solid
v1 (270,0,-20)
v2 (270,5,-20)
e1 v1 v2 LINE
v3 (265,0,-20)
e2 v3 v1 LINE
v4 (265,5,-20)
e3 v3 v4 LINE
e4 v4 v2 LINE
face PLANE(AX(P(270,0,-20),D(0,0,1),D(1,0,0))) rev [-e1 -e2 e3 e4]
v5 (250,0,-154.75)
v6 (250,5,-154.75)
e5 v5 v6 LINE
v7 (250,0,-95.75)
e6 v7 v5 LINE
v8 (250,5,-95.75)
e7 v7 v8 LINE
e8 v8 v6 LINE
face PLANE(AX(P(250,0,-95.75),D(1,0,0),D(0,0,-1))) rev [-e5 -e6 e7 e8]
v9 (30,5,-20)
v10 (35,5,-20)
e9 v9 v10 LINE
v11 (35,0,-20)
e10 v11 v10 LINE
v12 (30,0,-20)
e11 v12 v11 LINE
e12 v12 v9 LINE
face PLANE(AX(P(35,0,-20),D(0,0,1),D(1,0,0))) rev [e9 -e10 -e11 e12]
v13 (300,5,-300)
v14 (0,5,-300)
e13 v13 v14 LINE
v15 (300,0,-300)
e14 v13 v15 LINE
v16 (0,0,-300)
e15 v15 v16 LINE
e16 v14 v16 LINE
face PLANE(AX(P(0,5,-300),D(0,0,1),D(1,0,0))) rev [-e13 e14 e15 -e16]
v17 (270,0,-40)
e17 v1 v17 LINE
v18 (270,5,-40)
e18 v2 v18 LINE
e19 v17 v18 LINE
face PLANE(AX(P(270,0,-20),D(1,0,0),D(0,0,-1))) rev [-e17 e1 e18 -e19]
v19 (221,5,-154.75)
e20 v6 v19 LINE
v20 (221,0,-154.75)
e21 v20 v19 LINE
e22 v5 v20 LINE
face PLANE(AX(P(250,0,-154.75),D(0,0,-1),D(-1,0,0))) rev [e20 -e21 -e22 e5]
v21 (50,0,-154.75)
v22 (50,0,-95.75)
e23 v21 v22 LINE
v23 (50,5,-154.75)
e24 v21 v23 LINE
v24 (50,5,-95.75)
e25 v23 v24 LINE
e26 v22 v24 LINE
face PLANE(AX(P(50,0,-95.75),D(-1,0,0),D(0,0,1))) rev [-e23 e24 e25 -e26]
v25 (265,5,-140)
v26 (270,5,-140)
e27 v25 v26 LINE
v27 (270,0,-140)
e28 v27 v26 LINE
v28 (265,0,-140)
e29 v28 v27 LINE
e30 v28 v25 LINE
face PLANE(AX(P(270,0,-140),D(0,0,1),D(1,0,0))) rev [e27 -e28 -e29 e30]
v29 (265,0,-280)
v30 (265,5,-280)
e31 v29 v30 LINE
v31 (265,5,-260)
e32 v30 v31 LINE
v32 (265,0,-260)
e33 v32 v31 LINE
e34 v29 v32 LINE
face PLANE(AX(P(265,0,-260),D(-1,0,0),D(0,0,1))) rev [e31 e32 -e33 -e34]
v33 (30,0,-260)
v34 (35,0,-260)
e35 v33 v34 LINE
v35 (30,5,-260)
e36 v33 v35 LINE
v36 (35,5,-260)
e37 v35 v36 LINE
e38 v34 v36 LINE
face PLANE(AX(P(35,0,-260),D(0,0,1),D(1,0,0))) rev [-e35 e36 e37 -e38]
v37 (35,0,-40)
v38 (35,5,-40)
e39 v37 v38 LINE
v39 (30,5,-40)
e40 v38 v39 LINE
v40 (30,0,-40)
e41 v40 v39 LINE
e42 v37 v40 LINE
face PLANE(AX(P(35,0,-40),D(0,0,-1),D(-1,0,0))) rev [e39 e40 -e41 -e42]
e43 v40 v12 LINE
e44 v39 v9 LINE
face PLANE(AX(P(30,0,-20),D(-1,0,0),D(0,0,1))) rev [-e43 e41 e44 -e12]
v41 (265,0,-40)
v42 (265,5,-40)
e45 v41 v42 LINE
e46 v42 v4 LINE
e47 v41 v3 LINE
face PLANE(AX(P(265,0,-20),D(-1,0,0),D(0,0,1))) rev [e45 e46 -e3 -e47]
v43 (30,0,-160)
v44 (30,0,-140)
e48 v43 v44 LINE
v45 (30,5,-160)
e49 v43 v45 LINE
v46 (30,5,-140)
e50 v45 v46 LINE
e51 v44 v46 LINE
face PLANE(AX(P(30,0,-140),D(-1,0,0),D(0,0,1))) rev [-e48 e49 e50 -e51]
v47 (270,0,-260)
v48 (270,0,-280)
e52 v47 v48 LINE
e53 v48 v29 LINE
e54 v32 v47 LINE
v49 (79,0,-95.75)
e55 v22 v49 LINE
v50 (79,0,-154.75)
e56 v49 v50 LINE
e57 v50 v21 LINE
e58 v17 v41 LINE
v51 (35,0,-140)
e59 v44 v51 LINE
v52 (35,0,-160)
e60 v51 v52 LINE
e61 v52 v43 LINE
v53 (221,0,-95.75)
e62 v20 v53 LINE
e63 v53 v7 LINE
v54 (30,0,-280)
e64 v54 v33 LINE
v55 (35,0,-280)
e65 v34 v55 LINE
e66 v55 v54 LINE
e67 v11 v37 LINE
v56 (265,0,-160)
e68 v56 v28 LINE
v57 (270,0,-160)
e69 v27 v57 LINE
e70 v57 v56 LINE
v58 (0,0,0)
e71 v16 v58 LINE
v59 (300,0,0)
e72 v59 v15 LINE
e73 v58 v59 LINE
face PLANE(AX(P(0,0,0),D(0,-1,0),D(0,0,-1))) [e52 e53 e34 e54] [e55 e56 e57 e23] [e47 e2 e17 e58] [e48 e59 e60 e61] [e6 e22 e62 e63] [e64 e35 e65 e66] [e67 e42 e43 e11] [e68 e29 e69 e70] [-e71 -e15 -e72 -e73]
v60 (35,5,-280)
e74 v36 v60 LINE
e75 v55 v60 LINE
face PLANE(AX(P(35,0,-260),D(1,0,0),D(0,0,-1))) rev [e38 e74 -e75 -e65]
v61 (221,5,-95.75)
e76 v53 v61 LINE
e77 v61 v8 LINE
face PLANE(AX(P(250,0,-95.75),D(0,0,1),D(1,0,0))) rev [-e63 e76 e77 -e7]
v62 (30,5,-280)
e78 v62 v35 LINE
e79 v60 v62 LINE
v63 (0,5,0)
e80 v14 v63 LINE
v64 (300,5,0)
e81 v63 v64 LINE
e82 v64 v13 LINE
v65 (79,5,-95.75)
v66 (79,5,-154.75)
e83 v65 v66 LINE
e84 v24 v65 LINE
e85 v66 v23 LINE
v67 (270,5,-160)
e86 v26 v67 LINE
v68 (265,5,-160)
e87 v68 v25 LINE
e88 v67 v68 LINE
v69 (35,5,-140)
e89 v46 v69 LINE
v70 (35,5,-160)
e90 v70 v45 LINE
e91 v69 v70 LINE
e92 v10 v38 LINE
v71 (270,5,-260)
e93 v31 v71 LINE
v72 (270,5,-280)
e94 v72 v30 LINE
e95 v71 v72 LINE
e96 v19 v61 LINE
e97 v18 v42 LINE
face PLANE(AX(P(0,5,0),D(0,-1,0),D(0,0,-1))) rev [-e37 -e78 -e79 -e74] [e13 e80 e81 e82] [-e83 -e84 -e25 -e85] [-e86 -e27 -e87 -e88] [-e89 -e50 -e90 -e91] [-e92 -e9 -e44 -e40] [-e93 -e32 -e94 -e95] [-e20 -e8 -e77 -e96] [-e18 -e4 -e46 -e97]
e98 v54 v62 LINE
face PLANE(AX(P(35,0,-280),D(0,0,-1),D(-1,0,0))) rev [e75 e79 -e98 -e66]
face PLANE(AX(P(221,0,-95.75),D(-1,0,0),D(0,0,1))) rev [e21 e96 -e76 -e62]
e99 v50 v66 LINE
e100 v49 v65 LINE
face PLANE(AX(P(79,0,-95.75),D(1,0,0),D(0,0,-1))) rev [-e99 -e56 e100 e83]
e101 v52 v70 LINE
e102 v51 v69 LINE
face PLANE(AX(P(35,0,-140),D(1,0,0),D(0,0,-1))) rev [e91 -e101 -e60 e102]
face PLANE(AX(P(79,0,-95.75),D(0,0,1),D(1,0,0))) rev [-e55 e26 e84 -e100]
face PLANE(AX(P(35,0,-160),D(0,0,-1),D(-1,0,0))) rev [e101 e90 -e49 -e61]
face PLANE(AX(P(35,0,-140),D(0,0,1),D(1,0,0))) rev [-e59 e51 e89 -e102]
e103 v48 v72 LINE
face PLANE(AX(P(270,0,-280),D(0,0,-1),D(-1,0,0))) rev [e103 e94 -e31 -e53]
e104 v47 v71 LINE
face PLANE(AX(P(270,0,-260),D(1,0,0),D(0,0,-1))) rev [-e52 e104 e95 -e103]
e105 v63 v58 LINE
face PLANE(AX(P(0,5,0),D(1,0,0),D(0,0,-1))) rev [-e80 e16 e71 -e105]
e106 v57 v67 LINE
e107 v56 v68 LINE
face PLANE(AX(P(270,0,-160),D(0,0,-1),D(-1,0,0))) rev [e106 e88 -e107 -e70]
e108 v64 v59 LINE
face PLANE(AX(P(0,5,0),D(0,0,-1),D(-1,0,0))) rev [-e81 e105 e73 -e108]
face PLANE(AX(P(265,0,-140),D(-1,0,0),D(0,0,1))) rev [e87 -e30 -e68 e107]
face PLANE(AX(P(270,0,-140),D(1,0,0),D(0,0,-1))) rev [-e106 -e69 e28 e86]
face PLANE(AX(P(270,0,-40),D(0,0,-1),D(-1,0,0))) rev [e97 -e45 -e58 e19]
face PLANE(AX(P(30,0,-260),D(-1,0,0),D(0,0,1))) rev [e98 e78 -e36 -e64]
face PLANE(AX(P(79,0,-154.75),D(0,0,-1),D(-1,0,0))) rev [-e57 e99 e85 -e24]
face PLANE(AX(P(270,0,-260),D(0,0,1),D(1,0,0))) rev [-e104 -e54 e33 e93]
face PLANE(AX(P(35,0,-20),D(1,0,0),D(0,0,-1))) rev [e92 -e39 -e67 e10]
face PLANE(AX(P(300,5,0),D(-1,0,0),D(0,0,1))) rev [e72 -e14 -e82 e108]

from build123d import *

# Parameters (mm, degrees)
SKETCH1_W           = 300
SKETCH1_H           = 300
BOSS_EXTRUDE1_DEPTH = 5
SKETCH2_W           = 29
SKETCH2_H           = 59
CUT_EXTRUDE1_DEPTH  = 5
SKETCH3_W           = 5
SKETCH3_H           = 20
CUT_EXTRUDE2_DEPTH  = 5


with BuildPart() as part:
    # Sketch1 → Boss-Extrude1 (new body)
    with BuildSketch(Plane(origin=(0, 0, 0), x_dir=(1, 0, 0), z_dir=(0, 1, 0))):
        with Locations((150, 150)):
            Rectangle(SKETCH1_W, SKETCH1_H)
    extrude(amount=BOSS_EXTRUDE1_DEPTH)

    # Sketch2 → Cut-Extrude1 (cut)
    with BuildSketch(Plane(origin=(0, 5, 0), x_dir=(1, 0, 0), z_dir=(0, 1, 0))):
        with Locations((235.5, 125.25)):
            Rectangle(SKETCH2_W, SKETCH2_H)
        with Locations((64.5, 125.25)):
            Rectangle(SKETCH2_W, SKETCH2_H)
    extrude(amount=-CUT_EXTRUDE1_DEPTH, mode=Mode.SUBTRACT)

    # Sketch3 → Cut-Extrude2 (cut)
    with BuildSketch(Plane(origin=(0, 5, 0), x_dir=(1, 0, 0), z_dir=(0, 1, 0))):
        with Locations((267.5, 30)):
            Rectangle(SKETCH3_W, SKETCH3_H)
        with Locations((267.5, 150)):
            Rectangle(SKETCH3_W, SKETCH3_H)
        with Locations((267.5, 270)):
            Rectangle(SKETCH3_W, SKETCH3_H)
        with Locations((32.5, 30)):
            Rectangle(SKETCH3_W, SKETCH3_H)
        with Locations((32.5, 150)):
            Rectangle(SKETCH3_W, SKETCH3_H)
        with Locations((32.5, 270)):
            Rectangle(SKETCH3_W, SKETCH3_H)
    extrude(amount=-CUT_EXTRUDE2_DEPTH, mode=Mode.SUBTRACT)


solid = part.part
